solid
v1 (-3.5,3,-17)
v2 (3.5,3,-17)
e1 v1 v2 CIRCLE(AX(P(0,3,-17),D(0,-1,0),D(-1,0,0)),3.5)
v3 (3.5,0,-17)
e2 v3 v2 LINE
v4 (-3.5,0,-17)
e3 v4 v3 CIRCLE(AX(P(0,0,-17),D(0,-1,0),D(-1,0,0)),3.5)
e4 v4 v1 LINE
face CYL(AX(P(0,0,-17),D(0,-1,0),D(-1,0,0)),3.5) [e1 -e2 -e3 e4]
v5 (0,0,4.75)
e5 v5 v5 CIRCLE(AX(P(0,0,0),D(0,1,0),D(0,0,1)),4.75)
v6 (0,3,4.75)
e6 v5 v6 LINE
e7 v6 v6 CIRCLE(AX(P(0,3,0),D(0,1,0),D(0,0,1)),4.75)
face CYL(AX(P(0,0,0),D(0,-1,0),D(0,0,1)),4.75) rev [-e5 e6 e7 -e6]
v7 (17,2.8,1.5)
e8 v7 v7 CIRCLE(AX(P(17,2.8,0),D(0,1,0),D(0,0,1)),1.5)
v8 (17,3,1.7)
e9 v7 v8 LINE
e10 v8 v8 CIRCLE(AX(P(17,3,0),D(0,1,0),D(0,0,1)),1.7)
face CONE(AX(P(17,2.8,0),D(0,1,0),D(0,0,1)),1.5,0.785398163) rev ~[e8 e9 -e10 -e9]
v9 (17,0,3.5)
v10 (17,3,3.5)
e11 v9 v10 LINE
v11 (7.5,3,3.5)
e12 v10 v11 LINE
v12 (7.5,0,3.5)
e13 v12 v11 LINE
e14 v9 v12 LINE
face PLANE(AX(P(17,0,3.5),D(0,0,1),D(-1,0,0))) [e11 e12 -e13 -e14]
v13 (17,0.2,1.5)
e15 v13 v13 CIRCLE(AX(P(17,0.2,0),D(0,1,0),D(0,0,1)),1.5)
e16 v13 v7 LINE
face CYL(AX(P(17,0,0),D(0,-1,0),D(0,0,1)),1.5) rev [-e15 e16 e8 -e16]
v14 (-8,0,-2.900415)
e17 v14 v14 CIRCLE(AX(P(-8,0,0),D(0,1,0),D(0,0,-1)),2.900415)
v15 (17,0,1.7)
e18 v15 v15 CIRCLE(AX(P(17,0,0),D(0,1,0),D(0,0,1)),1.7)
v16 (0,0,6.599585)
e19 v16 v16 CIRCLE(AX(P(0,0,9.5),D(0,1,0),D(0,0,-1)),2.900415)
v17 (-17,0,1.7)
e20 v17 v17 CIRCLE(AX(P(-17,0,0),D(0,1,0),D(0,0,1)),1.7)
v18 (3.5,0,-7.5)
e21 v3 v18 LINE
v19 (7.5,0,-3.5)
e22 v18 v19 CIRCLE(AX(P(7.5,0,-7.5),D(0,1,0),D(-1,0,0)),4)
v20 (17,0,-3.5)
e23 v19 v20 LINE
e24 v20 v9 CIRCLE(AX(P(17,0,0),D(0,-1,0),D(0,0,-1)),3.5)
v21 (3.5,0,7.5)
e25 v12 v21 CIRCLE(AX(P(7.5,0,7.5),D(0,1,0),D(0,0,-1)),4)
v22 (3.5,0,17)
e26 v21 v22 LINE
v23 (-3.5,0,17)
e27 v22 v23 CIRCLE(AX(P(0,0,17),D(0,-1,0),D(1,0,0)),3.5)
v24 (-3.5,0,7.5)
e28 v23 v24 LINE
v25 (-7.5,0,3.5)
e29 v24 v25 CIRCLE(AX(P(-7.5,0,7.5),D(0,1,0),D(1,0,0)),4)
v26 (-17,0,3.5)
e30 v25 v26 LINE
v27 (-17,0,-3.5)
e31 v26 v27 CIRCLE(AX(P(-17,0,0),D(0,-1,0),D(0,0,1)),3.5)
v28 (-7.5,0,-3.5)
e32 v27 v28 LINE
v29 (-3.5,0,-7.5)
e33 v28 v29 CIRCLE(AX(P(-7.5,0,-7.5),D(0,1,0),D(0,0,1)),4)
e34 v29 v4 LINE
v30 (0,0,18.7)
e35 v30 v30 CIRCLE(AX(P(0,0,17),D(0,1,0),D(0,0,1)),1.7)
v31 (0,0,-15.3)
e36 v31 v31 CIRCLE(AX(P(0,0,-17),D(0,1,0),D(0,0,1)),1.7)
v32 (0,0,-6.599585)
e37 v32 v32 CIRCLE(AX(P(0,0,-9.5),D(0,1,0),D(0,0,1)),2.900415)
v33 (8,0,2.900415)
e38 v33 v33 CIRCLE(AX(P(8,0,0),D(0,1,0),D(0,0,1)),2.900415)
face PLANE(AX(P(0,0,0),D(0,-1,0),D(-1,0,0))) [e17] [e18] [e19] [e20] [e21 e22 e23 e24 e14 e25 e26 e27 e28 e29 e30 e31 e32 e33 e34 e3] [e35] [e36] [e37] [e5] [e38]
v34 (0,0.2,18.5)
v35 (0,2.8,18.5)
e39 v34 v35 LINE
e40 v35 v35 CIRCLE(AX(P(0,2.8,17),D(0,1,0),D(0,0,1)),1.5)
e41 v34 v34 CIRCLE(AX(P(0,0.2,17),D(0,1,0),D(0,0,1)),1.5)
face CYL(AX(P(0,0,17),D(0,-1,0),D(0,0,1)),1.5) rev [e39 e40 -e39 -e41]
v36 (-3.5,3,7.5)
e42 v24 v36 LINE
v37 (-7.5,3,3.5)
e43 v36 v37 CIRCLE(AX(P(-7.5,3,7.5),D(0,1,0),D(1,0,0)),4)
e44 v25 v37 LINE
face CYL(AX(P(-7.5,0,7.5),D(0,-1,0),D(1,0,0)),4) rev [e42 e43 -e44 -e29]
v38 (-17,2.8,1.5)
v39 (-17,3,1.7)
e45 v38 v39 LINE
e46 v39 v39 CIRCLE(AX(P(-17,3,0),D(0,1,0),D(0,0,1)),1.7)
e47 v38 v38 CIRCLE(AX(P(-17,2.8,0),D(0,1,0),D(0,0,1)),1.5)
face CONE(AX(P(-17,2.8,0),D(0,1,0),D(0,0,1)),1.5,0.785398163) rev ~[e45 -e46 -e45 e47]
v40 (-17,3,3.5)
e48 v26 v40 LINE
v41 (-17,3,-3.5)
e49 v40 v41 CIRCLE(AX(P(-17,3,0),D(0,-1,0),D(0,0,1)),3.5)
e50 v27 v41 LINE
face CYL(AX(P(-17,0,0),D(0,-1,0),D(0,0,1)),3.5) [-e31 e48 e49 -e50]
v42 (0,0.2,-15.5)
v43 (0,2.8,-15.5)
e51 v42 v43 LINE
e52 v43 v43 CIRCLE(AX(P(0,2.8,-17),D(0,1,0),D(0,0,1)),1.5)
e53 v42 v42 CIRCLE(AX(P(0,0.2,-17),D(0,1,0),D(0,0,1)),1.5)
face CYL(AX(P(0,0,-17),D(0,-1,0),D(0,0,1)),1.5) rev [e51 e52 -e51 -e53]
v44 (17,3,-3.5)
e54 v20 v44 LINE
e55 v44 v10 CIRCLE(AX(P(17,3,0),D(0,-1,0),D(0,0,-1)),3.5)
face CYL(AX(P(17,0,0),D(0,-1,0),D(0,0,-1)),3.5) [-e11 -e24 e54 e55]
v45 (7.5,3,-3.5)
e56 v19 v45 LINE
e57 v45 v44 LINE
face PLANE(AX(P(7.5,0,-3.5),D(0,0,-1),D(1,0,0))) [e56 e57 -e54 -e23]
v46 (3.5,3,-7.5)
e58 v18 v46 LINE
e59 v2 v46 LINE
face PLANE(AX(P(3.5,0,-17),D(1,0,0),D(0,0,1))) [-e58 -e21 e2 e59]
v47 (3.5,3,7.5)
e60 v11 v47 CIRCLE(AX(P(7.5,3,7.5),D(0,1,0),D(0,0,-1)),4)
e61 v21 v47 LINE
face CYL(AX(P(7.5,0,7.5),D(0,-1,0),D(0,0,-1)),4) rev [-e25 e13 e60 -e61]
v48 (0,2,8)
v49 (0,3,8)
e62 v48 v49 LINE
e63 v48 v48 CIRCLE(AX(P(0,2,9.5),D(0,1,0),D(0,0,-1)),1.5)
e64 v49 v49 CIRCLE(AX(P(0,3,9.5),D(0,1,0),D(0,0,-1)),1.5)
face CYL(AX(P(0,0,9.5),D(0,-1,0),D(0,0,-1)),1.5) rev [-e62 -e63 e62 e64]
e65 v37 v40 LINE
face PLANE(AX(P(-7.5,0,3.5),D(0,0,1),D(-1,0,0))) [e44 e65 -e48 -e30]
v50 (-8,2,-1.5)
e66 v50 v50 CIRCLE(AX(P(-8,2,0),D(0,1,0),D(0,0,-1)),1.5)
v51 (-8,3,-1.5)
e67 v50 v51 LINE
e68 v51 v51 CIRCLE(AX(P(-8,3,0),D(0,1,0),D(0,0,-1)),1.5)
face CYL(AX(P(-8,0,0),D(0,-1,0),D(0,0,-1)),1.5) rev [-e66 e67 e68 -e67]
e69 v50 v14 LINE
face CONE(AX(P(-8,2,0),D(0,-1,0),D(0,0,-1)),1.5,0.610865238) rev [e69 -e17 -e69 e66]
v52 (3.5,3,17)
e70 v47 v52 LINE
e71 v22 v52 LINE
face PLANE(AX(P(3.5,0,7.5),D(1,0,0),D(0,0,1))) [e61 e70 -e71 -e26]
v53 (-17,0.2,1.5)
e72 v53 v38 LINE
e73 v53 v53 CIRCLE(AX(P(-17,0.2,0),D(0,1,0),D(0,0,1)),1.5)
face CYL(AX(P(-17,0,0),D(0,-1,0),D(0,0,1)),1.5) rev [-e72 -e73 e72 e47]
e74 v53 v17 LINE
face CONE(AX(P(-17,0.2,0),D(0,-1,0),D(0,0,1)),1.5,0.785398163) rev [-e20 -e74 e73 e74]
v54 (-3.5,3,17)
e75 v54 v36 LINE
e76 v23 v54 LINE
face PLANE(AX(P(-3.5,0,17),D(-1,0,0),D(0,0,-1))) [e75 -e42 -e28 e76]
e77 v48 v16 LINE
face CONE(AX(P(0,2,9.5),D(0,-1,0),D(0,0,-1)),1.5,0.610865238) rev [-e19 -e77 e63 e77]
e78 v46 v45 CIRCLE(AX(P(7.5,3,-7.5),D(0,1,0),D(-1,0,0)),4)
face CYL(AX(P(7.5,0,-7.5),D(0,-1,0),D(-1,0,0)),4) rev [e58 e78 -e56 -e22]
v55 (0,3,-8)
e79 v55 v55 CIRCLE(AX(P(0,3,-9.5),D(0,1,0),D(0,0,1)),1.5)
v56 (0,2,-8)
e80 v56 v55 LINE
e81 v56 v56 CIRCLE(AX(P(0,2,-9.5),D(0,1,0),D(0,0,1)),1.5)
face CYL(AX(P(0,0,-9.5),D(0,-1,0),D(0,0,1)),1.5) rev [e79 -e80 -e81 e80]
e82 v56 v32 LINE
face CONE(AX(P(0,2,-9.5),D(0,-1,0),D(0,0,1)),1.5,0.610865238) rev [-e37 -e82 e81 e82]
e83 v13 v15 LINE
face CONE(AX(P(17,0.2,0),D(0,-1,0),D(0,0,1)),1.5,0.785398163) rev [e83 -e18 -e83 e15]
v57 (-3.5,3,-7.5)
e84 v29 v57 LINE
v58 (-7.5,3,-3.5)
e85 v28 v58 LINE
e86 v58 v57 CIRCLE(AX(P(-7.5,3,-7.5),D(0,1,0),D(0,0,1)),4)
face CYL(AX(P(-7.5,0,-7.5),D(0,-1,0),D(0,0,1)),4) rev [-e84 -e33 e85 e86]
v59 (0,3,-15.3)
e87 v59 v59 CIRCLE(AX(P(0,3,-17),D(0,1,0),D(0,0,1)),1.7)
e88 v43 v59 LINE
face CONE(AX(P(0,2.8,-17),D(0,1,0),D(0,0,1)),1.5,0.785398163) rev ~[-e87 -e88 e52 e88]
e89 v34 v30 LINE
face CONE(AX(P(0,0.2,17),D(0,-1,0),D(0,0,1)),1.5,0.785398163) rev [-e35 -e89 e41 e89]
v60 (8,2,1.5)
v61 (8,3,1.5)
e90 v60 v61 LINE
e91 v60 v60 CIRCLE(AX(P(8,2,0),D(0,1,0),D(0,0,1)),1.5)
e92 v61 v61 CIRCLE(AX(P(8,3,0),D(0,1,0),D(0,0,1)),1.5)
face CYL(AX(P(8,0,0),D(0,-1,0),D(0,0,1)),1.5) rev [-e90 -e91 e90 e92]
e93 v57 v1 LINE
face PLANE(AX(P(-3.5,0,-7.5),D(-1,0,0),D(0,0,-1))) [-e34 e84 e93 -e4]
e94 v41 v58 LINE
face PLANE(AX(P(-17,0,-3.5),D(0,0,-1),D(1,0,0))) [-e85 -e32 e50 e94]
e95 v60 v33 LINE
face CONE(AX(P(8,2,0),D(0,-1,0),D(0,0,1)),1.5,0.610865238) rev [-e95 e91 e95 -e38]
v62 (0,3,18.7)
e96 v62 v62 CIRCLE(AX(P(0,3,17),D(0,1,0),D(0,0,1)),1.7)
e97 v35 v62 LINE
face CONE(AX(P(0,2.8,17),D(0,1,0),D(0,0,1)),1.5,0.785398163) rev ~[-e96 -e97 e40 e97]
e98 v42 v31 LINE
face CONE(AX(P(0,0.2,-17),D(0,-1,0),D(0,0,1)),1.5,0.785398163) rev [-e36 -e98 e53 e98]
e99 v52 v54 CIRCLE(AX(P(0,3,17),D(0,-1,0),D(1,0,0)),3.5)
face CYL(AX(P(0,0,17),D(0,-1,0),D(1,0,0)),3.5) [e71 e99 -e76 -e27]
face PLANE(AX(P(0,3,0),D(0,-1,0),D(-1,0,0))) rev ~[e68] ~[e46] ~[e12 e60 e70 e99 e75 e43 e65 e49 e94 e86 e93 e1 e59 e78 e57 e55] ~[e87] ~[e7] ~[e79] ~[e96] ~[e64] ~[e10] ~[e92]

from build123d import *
from OCP.BRepFilletAPI import BRepFilletAPI_MakeChamfer

# Parameters (mm, degrees)
SKETCH1_R           = 1.5
SKETCH1_R_2         = 4.75
BOSS_EXTRUDE1_DEPTH = 3
CHAMFER1_SIZE       = 0.2
CHAMFER2_SIZE       = 2
CHAMFER2_SIZE2      = 1.400415076


with BuildPart() as part:
    # Sketch1 → Boss-Extrude1 (new body)
    with BuildSketch(Plane(origin=(0, 0, 0), x_dir=(1, 0, 0), z_dir=(0, 1, 0))):
        with BuildLine():
            Line((-3.5, 7.5), (-3.5, 17))
            ThreePointArc((-3.5, 17), (0, 20.5), (3.5, 17))
            Line((3.5, 17), (3.5, 7.5))
            ThreePointArc((3.5, 7.5), (4.671572875, 4.671572875), (7.5, 3.5))
            Line((7.5, 3.5), (17, 3.5))
            ThreePointArc((17, 3.5), (20.5, 0), (17, -3.5))
            Line((17, -3.5), (7.5, -3.5))
            ThreePointArc((7.5, -3.5), (4.671572875, -4.671572875), (3.5, -7.5))
            Line((3.5, -7.5), (3.5, -17))
            ThreePointArc((3.5, -17), (0, -20.5), (-3.5, -17))
            Line((-3.5, -17), (-3.5, -7.5))
            ThreePointArc((-3.5, -7.5), (-4.671572875, -4.671572875), (-7.5, -3.5))
            Line((-7.5, -3.5), (-17, -3.5))
            ThreePointArc((-17, -3.5), (-20.5, 0), (-17, 3.5))
            Line((-17, 3.5), (-7.5, 3.5))
            ThreePointArc((-7.5, 3.5), (-4.671572875, 4.671572875), (-3.5, 7.5))
        make_face()
        with Locations(Location((0, 17, 0), (0, 0, 270))):
            Circle(SKETCH1_R, mode=Mode.SUBTRACT)
        with Locations(Location((0, 0, 0), (0, 0, 270))):
            Circle(SKETCH1_R_2, mode=Mode.SUBTRACT)
        with Locations(Location((17, 0, 0), (0, 0, 270))):
            Circle(SKETCH1_R, mode=Mode.SUBTRACT)
        with Locations(Location((0, -17, 0), (0, 0, 270))):
            Circle(SKETCH1_R, mode=Mode.SUBTRACT)
        with Locations(Location((-17, 0, 0), (0, 0, 270))):
            Circle(SKETCH1_R, mode=Mode.SUBTRACT)
        with Locations(Location((0, 9.5, 0), (0, 0, 270))):
            Circle(SKETCH1_R, mode=Mode.SUBTRACT)
        with Locations(Location((8, 0, 0), (0, 0, 270))):
            Circle(SKETCH1_R, mode=Mode.SUBTRACT)
        with Locations(Location((-8, 0, 0), (0, 0, 90))):
            Circle(SKETCH1_R, mode=Mode.SUBTRACT)
        with Locations(Location((0, -9.5, 0), (0, 0, 90))):
            Circle(SKETCH1_R, mode=Mode.SUBTRACT)
    extrude(amount=BOSS_EXTRUDE1_DEPTH)

    # Chamfer1
    chamfer1_edges = [part.edges().sort_by_distance(p)[0] for p in [
        (0, 0, -18.5),
        (0, 3, -18.5),
        (17, 0, -1.5),
        (17, 3, -1.5),
        (0, 0, 15.5),
        (0, 3, 15.5),
        (-17, 0, -1.5),
        (-17, 3, -1.5),
    ]]
    chamfer(chamfer1_edges, length=CHAMFER1_SIZE)

    # Chamfer2: one chamfer whose edges measure the first distance from different faces: ONE call of the kernel's chamfer builder (chamfer() names one face for all edges)
    chamfer2_edges_1 = [part.edges().sort_by_distance(p)[0] for p in [
        (0, 0, -11),
    ]]
    chamfer2_side_1 = [part.faces().sort_by_distance(p)[0] for p in [
        (0, 1.5, -11),
    ]]
    chamfer2_edges_2 = [part.edges().sort_by_distance(p)[0] for p in [
        (8, 0, -1.5),
    ]]
    chamfer2_side_2 = [part.faces().sort_by_distance(p)[0] for p in [
        (8, 1.5, -1.5),
    ]]
    chamfer2_edges_3 = [part.edges().sort_by_distance(p)[0] for p in [
        (-8, 0, 1.5),
    ]]
    chamfer2_side_3 = [part.faces().sort_by_distance(p)[0] for p in [
        (-8, 1.5, 1.5),
    ]]
    chamfer2_edges_4 = [part.edges().sort_by_distance(p)[0] for p in [
        (0, 0, 11),
    ]]
    chamfer2_side_4 = [part.faces().sort_by_distance(p)[0] for p in [
        (0, 1.5, 11),
    ]]
    chamfer2 = BRepFilletAPI_MakeChamfer(part.part.solid().wrapped)
    for e in chamfer2_edges_1:
        chamfer2.Add(CHAMFER2_SIZE, CHAMFER2_SIZE2, e.wrapped, chamfer2_side_1[0].wrapped)  # the first distance lies on this face
    for e in chamfer2_edges_2:
        chamfer2.Add(CHAMFER2_SIZE, CHAMFER2_SIZE2, e.wrapped, chamfer2_side_2[0].wrapped)  # the first distance lies on this face
    for e in chamfer2_edges_3:
        chamfer2.Add(CHAMFER2_SIZE, CHAMFER2_SIZE2, e.wrapped, chamfer2_side_3[0].wrapped)  # the first distance lies on this face
    for e in chamfer2_edges_4:
        chamfer2.Add(CHAMFER2_SIZE, CHAMFER2_SIZE2, e.wrapped, chamfer2_side_4[0].wrapped)  # the first distance lies on this face
    add(Compound.cast(chamfer2.Shape()), mode=Mode.REPLACE)


solid = part.part
